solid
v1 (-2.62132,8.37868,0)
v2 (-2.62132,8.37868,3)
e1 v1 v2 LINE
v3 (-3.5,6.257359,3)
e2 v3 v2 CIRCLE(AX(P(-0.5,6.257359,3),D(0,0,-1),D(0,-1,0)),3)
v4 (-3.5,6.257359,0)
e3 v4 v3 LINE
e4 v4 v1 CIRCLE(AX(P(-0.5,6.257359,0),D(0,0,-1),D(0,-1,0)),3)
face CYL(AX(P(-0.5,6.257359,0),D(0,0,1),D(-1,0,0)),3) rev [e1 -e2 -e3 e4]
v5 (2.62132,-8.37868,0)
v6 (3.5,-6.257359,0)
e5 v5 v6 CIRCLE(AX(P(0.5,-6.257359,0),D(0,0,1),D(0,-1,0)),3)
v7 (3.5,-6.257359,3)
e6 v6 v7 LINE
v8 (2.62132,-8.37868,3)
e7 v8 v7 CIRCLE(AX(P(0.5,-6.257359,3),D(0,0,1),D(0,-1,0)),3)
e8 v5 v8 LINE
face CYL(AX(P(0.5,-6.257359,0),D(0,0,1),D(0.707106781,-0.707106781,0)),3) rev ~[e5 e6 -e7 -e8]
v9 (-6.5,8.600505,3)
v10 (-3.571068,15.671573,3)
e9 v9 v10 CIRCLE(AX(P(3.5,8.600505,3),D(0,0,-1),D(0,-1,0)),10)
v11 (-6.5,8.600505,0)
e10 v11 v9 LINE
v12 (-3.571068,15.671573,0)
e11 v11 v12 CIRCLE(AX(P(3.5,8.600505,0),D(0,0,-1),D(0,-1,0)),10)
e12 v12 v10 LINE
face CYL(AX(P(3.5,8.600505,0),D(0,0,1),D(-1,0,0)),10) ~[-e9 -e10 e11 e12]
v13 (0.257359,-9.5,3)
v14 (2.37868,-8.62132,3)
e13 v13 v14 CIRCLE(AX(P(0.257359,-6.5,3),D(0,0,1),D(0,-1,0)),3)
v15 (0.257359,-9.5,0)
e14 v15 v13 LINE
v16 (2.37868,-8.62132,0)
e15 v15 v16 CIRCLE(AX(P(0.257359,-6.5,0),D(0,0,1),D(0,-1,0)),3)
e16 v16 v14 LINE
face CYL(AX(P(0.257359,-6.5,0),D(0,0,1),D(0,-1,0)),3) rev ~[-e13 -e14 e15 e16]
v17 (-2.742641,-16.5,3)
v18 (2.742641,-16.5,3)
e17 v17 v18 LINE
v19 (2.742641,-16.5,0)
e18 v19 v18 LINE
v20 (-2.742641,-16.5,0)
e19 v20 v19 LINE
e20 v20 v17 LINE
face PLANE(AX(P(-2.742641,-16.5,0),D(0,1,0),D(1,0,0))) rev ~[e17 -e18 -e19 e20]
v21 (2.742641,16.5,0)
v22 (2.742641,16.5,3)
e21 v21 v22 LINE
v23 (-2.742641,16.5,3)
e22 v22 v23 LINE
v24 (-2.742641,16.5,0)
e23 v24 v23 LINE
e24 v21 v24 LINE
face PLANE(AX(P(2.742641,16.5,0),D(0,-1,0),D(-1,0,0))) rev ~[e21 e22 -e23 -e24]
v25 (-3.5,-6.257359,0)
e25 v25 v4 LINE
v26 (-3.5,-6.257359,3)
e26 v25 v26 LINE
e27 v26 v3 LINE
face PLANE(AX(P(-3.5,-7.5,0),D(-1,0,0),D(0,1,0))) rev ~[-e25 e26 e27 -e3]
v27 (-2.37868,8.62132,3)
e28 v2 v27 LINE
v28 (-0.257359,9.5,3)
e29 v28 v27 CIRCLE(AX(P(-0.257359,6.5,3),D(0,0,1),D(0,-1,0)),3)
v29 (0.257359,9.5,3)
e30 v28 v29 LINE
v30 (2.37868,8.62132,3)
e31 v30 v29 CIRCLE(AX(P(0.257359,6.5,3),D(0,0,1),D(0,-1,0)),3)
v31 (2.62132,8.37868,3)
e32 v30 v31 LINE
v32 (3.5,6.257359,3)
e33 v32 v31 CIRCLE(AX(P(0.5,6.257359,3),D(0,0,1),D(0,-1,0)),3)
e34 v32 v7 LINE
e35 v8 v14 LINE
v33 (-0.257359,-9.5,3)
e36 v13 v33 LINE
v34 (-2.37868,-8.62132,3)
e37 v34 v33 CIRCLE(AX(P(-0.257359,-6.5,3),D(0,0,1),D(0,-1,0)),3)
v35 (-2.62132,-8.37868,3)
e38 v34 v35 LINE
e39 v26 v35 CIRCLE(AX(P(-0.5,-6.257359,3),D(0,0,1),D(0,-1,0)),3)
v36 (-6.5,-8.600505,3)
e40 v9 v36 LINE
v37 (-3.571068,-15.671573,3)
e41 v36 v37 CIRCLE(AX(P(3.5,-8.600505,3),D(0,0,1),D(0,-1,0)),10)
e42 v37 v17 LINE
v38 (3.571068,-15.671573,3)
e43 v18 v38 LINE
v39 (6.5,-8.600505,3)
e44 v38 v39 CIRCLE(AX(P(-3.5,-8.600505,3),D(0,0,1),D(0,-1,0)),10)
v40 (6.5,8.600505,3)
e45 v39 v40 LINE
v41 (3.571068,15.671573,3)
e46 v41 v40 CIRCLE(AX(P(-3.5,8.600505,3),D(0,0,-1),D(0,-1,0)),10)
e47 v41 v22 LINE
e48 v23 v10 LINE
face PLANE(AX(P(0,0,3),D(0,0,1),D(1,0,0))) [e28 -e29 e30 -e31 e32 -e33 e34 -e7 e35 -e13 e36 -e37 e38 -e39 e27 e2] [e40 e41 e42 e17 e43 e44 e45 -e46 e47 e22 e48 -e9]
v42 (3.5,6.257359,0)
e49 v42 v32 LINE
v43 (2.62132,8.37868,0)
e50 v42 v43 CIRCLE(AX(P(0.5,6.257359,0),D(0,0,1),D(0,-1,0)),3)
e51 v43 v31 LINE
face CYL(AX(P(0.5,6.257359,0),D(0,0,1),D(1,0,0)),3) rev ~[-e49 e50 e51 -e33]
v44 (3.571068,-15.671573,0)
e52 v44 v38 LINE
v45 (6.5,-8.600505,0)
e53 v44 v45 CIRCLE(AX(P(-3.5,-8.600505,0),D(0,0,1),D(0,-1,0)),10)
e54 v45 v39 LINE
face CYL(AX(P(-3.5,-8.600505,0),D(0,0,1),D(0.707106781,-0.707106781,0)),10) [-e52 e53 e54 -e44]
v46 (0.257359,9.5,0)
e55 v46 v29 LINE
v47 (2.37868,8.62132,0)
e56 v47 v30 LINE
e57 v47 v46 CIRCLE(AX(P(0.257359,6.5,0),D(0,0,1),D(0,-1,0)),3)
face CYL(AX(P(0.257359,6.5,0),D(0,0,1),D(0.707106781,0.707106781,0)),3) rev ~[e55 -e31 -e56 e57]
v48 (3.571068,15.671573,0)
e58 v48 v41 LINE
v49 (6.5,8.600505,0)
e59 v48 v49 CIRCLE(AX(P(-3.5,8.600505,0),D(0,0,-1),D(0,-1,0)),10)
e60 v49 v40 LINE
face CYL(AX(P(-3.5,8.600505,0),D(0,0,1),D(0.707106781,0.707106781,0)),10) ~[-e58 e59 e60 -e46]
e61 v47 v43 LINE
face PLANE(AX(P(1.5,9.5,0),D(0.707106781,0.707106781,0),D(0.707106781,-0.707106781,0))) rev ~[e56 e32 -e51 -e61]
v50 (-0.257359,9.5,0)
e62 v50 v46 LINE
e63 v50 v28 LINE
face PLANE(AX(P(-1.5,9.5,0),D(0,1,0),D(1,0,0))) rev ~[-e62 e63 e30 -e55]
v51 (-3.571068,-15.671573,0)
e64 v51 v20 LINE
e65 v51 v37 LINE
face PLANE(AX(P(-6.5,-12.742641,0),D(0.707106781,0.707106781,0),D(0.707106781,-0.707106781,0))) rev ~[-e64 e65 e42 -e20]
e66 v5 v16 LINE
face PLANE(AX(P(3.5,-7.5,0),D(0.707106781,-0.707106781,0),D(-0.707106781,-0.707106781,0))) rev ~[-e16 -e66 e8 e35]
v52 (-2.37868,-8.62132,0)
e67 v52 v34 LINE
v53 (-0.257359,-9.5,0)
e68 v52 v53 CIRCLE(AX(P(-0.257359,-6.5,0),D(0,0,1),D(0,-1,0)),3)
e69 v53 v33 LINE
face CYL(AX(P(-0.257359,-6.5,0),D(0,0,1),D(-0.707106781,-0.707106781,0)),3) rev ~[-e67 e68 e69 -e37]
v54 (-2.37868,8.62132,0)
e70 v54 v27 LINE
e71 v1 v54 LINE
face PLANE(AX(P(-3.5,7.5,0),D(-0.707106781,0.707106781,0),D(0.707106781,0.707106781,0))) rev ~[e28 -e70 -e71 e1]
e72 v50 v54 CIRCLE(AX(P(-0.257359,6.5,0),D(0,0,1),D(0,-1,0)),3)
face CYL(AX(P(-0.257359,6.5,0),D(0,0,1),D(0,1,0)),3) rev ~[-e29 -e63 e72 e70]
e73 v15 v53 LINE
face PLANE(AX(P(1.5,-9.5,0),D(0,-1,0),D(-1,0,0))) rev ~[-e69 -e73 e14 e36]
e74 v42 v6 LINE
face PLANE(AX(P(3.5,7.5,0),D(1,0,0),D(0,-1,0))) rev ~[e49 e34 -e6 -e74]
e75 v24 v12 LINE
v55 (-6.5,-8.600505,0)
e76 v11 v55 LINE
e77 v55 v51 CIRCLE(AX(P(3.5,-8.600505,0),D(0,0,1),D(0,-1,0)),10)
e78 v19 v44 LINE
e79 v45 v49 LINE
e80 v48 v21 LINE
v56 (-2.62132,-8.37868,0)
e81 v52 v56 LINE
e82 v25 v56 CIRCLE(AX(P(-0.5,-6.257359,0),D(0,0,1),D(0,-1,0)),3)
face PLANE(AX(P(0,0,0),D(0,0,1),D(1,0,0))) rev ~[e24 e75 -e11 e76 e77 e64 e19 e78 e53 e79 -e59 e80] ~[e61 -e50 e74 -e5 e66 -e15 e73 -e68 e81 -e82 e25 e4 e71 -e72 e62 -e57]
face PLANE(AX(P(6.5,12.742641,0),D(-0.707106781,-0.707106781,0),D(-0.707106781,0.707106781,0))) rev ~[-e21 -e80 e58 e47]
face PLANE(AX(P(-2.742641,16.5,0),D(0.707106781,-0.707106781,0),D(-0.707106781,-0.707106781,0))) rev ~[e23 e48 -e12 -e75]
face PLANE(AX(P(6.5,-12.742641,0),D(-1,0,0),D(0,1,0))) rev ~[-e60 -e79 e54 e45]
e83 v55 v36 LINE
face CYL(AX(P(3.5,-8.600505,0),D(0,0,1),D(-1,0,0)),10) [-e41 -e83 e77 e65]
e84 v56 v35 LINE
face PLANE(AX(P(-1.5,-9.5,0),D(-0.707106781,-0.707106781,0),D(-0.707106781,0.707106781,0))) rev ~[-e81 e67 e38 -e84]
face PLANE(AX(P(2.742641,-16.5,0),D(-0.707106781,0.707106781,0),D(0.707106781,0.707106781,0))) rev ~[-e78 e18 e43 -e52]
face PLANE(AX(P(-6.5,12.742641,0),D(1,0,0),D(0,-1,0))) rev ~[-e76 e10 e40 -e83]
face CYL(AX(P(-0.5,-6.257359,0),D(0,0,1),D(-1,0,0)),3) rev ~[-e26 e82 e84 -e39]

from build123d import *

# Parameters (mm, degrees)
F1_DEPTH = 3
F2_R     = 3
F3_R     = 10


with BuildPart() as f1:
    # F0 (on Top) → F1 (new body)
    with BuildSketch(Plane.XY):
        Polygon((-6.5, 12.742641), (-6.5, 8.742641), (-6.5, -8.742641), (-6.5, -12.742641), (-2.742641, -16.5), (0, -16.5), (2.742641, -16.5), (6.5, -12.742641), (6.5, -8.742641), (6.5, 8.742641), (6.5, 12.742641), (2.742641, 16.5), (0, 16.5), (-2.742641, 16.5), align=None)
        Polygon((-3.5, 7.5), (-1.5, 9.5), (1.5, 9.5), (3.5, 7.5), (3.5, -7.5), (1.5, -9.5), (-1.5, -9.5), (-3.5, -7.5), align=None, mode=Mode.SUBTRACT)
    extrude(amount=F1_DEPTH)

    # F2
    f2_edges = [f1.edges().sort_by_distance(p)[0] for p in [
        (-3.5, 7.5, 1.5),
        (3.5, 7.5, 1.5),
        (3.5, -7.5, 1.5),
        (-3.5, -7.5, 1.5),
        (-1.5, 9.5, 1.5),
        (1.5, 9.5, 1.5),
        (1.5, -9.5, 1.5),
        (-1.5, -9.5, 1.5),
    ]]
    fillet(f2_edges, radius=F2_R)

    # F3
    f3_edges = [f1.edges().sort_by_distance(p)[0] for p in [
        (-6.5, 12.742641, 1.5),
        (6.5, 12.742641, 1.5),
        (6.5, -12.742641, 1.5),
        (-6.5, -12.742641, 1.5),
    ]]
    fillet(f3_edges, radius=F3_R)


solid = f1.part
